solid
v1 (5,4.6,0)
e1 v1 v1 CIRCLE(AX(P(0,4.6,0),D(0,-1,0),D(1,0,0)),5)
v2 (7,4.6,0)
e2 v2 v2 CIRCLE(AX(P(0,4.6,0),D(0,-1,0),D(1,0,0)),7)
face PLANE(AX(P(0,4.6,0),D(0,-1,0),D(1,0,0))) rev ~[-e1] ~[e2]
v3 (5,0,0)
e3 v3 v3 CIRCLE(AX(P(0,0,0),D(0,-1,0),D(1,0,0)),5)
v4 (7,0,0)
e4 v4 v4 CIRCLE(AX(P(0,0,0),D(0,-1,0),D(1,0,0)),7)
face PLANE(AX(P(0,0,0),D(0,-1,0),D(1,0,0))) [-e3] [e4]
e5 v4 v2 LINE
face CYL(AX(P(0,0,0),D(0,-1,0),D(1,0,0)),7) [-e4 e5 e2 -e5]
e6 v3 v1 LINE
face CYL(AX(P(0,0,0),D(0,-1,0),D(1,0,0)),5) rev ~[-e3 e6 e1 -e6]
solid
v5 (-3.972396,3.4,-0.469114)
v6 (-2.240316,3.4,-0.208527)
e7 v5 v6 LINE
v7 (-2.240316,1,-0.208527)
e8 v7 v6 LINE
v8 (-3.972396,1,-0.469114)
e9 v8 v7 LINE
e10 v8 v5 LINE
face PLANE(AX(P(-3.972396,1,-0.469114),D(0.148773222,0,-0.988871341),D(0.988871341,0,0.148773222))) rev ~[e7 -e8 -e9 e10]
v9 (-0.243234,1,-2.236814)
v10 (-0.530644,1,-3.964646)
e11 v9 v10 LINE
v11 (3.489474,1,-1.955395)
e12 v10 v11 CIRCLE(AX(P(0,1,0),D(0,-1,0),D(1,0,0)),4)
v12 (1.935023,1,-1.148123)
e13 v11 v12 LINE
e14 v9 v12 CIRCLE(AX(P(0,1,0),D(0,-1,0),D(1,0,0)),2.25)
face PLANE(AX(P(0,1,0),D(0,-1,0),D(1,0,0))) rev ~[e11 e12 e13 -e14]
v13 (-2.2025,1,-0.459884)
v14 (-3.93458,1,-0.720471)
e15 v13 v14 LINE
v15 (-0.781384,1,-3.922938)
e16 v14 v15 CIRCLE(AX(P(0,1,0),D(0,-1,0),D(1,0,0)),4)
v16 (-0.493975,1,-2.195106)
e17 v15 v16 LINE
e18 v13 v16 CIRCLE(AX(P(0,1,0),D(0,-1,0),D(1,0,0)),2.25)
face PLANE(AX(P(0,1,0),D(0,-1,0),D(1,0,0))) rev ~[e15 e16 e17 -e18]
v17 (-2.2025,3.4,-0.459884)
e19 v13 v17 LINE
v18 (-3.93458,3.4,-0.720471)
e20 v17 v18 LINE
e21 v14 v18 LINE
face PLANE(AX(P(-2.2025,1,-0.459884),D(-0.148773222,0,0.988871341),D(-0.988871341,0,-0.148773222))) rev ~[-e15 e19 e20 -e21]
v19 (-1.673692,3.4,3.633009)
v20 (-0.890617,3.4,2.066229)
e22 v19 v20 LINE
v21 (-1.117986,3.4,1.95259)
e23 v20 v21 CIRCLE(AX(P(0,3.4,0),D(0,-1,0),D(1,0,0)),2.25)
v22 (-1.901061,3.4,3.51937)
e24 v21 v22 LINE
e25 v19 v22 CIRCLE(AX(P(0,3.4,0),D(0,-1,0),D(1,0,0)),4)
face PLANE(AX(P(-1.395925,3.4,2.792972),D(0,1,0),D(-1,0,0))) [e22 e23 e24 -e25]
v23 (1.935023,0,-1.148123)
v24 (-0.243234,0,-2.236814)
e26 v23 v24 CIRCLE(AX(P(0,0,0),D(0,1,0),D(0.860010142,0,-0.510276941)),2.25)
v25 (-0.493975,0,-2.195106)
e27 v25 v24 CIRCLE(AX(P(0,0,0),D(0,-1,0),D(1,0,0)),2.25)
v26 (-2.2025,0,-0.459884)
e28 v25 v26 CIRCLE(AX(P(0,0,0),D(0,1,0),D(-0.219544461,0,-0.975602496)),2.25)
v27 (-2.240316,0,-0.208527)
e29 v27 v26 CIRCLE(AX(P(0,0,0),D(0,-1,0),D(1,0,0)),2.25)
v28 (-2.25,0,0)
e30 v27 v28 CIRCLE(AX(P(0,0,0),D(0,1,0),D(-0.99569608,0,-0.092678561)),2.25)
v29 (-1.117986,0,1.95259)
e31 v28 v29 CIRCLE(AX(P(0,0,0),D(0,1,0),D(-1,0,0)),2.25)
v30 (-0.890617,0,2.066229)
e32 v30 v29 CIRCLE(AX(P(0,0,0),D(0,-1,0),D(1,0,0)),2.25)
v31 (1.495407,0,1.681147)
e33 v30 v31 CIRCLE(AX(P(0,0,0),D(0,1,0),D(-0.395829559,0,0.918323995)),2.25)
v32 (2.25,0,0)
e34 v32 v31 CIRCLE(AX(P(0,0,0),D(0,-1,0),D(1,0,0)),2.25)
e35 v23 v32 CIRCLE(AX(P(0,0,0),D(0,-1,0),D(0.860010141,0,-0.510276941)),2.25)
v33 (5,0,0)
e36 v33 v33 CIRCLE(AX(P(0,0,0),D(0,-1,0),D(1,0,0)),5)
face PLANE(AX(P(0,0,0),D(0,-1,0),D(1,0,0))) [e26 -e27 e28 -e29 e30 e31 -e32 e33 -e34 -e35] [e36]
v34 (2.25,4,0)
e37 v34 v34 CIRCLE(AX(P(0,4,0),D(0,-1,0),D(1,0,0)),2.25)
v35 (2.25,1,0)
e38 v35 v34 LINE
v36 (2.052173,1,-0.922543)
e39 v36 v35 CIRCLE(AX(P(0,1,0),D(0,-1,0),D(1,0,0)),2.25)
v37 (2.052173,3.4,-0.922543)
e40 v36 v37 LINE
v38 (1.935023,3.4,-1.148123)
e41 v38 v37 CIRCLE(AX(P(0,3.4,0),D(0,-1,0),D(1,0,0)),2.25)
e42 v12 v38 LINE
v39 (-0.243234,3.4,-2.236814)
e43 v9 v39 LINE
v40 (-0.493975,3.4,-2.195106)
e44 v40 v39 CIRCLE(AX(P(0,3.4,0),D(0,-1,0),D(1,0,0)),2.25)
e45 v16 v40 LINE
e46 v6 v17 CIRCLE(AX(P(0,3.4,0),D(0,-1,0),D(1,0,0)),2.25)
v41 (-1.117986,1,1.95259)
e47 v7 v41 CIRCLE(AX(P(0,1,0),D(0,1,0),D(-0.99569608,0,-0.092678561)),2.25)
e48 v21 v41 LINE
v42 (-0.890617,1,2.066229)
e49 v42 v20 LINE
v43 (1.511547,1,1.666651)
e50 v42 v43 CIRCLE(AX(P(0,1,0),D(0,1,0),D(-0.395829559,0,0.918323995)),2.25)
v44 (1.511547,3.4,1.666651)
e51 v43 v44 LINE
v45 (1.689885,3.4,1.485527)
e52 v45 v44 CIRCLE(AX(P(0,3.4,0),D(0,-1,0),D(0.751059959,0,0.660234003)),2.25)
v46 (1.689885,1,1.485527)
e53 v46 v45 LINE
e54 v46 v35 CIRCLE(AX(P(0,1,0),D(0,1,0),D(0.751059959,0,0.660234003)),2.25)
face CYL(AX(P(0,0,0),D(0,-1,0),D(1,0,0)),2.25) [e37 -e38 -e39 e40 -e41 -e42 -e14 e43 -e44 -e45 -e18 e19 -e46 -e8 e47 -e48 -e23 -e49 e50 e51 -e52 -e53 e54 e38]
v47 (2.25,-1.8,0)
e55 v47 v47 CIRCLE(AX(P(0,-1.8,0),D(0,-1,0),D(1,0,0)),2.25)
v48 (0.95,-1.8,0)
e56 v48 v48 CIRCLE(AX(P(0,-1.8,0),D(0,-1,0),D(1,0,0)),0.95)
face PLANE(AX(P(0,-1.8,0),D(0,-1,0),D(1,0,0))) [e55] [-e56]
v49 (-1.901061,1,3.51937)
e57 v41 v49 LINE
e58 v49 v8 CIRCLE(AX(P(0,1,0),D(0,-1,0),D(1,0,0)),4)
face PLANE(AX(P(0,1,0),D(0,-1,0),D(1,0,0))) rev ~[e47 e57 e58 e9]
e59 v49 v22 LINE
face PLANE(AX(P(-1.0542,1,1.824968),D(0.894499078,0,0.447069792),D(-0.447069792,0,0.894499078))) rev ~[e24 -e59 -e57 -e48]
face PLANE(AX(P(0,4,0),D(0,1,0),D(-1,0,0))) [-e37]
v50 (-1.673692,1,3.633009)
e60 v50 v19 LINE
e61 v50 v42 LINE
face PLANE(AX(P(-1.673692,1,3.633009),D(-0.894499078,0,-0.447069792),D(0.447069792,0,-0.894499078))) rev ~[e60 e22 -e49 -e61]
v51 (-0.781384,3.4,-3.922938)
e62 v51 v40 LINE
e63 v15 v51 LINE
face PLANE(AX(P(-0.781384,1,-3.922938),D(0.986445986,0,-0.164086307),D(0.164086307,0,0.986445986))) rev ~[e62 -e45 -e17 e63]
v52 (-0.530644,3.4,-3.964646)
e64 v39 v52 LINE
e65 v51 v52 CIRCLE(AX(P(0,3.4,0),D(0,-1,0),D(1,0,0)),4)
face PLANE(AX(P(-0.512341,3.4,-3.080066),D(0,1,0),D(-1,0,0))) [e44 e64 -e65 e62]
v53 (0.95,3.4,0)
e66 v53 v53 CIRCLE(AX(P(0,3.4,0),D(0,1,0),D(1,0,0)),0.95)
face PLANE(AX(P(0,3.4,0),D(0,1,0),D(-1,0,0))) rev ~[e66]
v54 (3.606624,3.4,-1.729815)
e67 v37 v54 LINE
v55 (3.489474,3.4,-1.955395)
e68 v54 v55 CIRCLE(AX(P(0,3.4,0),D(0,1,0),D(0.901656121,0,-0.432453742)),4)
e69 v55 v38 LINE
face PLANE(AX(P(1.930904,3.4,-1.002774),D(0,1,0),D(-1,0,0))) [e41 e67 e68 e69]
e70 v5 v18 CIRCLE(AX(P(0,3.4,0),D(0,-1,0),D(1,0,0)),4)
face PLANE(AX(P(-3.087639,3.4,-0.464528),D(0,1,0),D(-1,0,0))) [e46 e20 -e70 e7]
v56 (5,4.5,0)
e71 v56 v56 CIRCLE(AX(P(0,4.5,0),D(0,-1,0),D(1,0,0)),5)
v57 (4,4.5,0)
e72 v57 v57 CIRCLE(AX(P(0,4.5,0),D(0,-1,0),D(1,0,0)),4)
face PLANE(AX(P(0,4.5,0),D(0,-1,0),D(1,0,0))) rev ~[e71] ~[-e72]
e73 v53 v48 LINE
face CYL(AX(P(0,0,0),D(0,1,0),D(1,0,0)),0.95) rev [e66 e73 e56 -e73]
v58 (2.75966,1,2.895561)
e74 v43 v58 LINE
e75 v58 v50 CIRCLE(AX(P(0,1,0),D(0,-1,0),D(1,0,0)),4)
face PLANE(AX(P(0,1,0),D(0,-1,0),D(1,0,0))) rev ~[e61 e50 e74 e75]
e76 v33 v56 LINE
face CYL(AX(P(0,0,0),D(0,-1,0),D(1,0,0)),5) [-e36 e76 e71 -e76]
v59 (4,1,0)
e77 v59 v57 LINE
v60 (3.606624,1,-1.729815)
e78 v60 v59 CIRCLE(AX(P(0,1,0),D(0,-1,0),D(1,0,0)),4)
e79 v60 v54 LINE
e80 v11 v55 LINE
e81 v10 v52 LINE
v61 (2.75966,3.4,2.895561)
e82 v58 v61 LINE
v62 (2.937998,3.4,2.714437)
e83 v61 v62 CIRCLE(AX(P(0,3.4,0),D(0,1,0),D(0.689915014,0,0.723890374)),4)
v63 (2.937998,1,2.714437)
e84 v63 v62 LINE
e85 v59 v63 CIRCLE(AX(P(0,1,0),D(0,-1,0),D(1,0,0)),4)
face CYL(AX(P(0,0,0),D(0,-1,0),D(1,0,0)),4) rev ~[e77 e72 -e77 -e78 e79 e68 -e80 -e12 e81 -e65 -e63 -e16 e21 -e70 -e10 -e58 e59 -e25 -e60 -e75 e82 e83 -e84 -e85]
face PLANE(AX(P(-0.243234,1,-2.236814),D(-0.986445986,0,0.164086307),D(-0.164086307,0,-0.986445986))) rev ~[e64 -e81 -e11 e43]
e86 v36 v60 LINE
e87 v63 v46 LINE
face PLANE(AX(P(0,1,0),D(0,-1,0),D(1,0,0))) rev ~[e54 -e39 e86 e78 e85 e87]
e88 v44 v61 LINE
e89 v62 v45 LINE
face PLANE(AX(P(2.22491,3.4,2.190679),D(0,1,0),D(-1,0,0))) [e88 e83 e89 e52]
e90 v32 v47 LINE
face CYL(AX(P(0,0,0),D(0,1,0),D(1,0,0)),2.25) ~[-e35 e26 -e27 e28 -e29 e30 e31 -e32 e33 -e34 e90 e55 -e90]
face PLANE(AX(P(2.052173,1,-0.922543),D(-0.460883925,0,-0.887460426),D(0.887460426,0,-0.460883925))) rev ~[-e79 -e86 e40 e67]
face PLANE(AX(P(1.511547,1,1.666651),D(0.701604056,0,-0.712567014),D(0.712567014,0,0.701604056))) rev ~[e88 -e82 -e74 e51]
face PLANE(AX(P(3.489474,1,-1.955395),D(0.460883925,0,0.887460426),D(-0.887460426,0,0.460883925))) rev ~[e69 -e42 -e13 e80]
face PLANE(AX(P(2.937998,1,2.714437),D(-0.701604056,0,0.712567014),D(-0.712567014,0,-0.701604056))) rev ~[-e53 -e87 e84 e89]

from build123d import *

# Parameters (mm, degrees)
F0_R          = 7
F0_R_2        = 5
F1_DEPTH      = 4.6
F0_R_3        = 4
F2_DEPTH      = 4.5
F0_R_4        = 2.25
F3_DEPTH      = 1
F0_R_5        = 0.95
F4_DEPTH      = 4
F4_DEPTH_BACK = 1.8
F6_DEPTH      = 2.4
F5_R          = 0.95
F7_DEPTH      = 1
F8_R          = 0.95
F9_DEPTH      = 0.6


with BuildPart() as f1:
    # F0 (on Front) → F1 (new body)
    with BuildSketch(Plane.XZ):
        Circle(F0_R)
        Circle(F0_R_2, mode=Mode.SUBTRACT)
    extrude(amount=-F1_DEPTH)


with BuildPart() as f2:
    # F0 (on Front) → F2 (new body)
    with BuildSketch(Plane.XZ):
        Circle(F0_R_2)
        Circle(F0_R_3, mode=Mode.SUBTRACT)
    extrude(amount=-F2_DEPTH)

    # F0 (on Front) → F3 (join)
    with BuildSketch(Plane.XZ):
        Circle(F0_R_3)
        Circle(F0_R_4, mode=Mode.SUBTRACT)
    extrude(amount=-F3_DEPTH)

    # F0 (on Front) → F4 (join, two sides)
    with BuildSketch(Plane.XZ) as f4_sk:
        Circle(F0_R_4)
        Circle(F0_R_5, mode=Mode.SUBTRACT)
    extrude(amount=-F4_DEPTH)
    extrude(f4_sk.sketch, amount=F4_DEPTH_BACK)

    # F5 (on face) → F6, piece 2 (join)
    with BuildSketch(Plane(origin=(0, 1, 0), x_dir=(-1, 0, 0), z_dir=(0, 1, 0))):
        with BuildLine():
            ThreePointArc((1.9010607717, 3.51937039), (1.7882791688, 3.5779963128), (1.673691774, 3.6330091998))
            Line((1.673691774, 3.6330091998), (0.8906165084, 2.066228989))
            ThreePointArc((0.8906165084, 2.066228989), (1.0059070324, 2.012622926), (1.1179855061, 1.9525901793))
            Line((1.1179855061, 1.9525901793), (1.9010607717, 3.51937039))
        make_face()
        with BuildLine():
            Line((1.7775915791, 3.840892357), (1.673691774, 3.6330091998))
            ThreePointArc((1.673691774, 3.6330091998), (1.7882791688, 3.5779963128), (1.9010607717, 3.51937039))
            Line((1.9010607717, 3.51937039), (2.0049605768, 3.7272535472))
            Line((2.0049605768, 3.7272535472), (1.7775915791, 3.840892357))
        make_face()
        with BuildLine():
            ThreePointArc((3.9345802285, -0.7204709748), (3.9554853624, -0.59509289), (3.9723962747, -0.4691138844))
            Line((3.9723962747, -0.4691138844), (2.2403161807, -0.2085267619))
            ThreePointArc((2.2403161807, -0.2085267619), (2.2249605164, -0.3347397506), (2.2025001345, -0.4598838523))
            Line((2.2025001345, -0.4598838523), (3.9345802285, -0.7204709748))
        make_face()
        with BuildLine():
            Line((4.2022117115, -0.5036890427), (3.9723962747, -0.4691138844))
            ThreePointArc((3.9723962747, -0.4691138844), (3.9554853624, -0.59509289), (3.9345802285, -0.7204709748))
            Line((3.9345802285, -0.7204709748), (4.1643956653, -0.7550461331))
            Line((4.1643956653, -0.7550461331), (4.2022117115, -0.5036890427))
        make_face()
        with BuildLine():
            ThreePointArc((2.2025001345, -0.4598838523), (2.2249605164, -0.3347397506), (2.2403161807, -0.2085267619))
            Line((2.2403161807, -0.2085267619), (2.0992291659, -0.1873005731))
            Line((2.0992291659, -0.1873005731), (2.0614131197, -0.4386576634))
            Line((2.0614131197, -0.4386576634), (2.2025001345, -0.4598838523))
        make_face()
        with BuildLine():
            ThreePointArc((1.1179855061, 1.9525901793), (1.0059070324, 2.012622926), (0.8906165084, 2.066228989))
            Line((0.8906165084, 2.066228989), (0.8268309179, 1.9386065173))
            Line((0.8268309179, 1.9386065173), (1.0541999156, 1.8249677076))
            Line((1.0541999156, 1.8249677076), (1.1179855061, 1.9525901793))
        make_face()
        with BuildLine():
            Line((0.2432344372, -2.2368140308), (0.5306435409, -3.9646459404))
            ThreePointArc((0.5306435409, -3.9646459404), (0.6563452272, -3.9457839453), (0.7813841406, -3.922937525))
            Line((0.7813841406, -3.922937525), (0.4939750369, -2.1951056154))
            ThreePointArc((0.4939750369, -2.1951056154), (0.3691941903, -2.2195034692), (0.2432344372, -2.2368140308))
        make_face()
        with BuildLine():
            ThreePointArc((0.7813841406, -3.922937525), (0.6563452272, -3.9457839453), (0.5306435409, -3.9646459404))
            Line((0.5306435409, -3.9646459404), (0.5687774869, -4.1938977206))
            Line((0.5687774869, -4.1938977206), (0.8195180866, -4.1521893052))
            Line((0.8195180866, -4.1521893052), (0.7813841406, -3.922937525))
        make_face()
        with BuildLine():
            Line((0.2198234572, -2.096073053), (0.2432344372, -2.2368140308))
            ThreePointArc((0.2432344372, -2.2368140308), (0.3691941903, -2.2195034692), (0.4939750369, -2.1951056154))
            Line((0.4939750369, -2.1951056154), (0.4705640568, -2.0543646376))
            Line((0.4705640568, -2.0543646376), (0.2198234572, -2.096073053))
        make_face()
        with BuildLine():
            Line((-1.5115470928, 1.6666509492), (-2.7596600569, 2.8955614948))
            ThreePointArc((-2.7596600569, 2.8955614948), (-2.8502680547, 2.8064162229), (-2.9379978717, 2.7144370514))
            Line((-2.9379978717, 2.7144370514), (-1.6898849076, 1.4855265057))
            ThreePointArc((-1.6898849076, 1.4855265057), (-1.6032757808, 1.5786091254), (-1.5115470928, 1.6666509492))
        make_face()
        with BuildLine():
            Line((-1.9255547516, -0.8567867262), (-2.052172985, -0.9225432453))
            ThreePointArc((-2.052172985, -0.9225432453), (-1.9967859583, -1.0369888315), (-1.9350228183, -1.1481231173))
            Line((-1.9350228183, -1.1481231173), (-1.8084045849, -1.0823665983))
            Line((-1.8084045849, -1.0823665983), (-1.9255547516, -0.8567867262))
        make_face()
        with BuildLine():
            Line((-2.052172985, -0.9225432453), (-3.6066244843, -1.7298149697))
            ThreePointArc((-3.6066244843, -1.7298149697), (-3.5498417037, -1.8435357005), (-3.4894743176, -1.9553948417))
            Line((-3.4894743176, -1.9553948417), (-1.9350228183, -1.1481231173))
            ThreePointArc((-1.9350228183, -1.1481231173), (-1.9967859583, -1.0369888315), (-2.052172985, -0.9225432453))
        make_face()
    extrude(amount=F6_DEPTH)



with BuildPart() as f6:
    # F5 (on face) → F6 (new body)
    with BuildSketch(Plane(origin=(0, 1, 0), x_dir=(-1, 0, 0), z_dir=(0, 1, 0))):
        Polygon((-1.4098817409, 1.5665497351), (-1.5105959334, 1.6657144235), (-1.6888917169, 1.4845485954), (-1.5882195557, 1.3854252916), align=None)
    extrude(amount=F6_DEPTH)


with BuildPart() as f2_1:
    add(f2.part)

    add(f6.part)  # F7 merges F6
    # F5 (on face) → F7 (join)
    with BuildSketch(Plane(origin=(0, 1, 0), x_dir=(-1, 0, 0), z_dir=(0, 1, 0))):
        with BuildLine():
            Line((-1.4954074808, 1.681147366), (-1.5105959334, 1.6657144235))
            Line((-1.5105959334, 1.6657144235), (-1.4098817409, 1.5665497351))
            Line((-1.4098817409, 1.5665497351), (-1.5882195557, 1.3854252916))
            Line((-1.5882195557, 1.3854252916), (-1.6888917169, 1.4845485954))
            Line((-1.6888917169, 1.4845485954), (-1.7048110393, 1.4683730181))
            ThreePointArc((-1.7048110393, 1.4683730181), (-2.226623539, 0.3234928369), (-2.052172985, -0.9225432453))
            Line((-2.052172985, -0.9225432453), (-1.9255547516, -0.8567867262))
            Line((-1.9255547516, -0.8567867262), (-1.8084045849, -1.0823665983))
            Line((-1.8084045849, -1.0823665983), (-1.9350228183, -1.1481231173))
            ThreePointArc((-1.9350228183, -1.1481231173), (-1.0059070324, -2.012622926), (0.2432344372, -2.2368140308))
            Line((0.2432344372, -2.2368140308), (0.2198234572, -2.096073053))
            Line((0.2198234572, -2.096073053), (0.4705640568, -2.0543646376))
            Line((0.4705640568, -2.0543646376), (0.4939750369, -2.1951056154))
            ThreePointArc((0.4939750369, -2.1951056154), (1.6032757808, -1.5786091254), (2.2025001345, -0.4598838523))
            Line((2.2025001345, -0.4598838523), (2.0614131197, -0.4386576634))
            Line((2.0614131197, -0.4386576634), (2.0992291659, -0.1873005731))
            Line((2.0992291659, -0.1873005731), (2.2403161807, -0.2085267619))
            ThreePointArc((2.2403161807, -0.2085267619), (2.2475777413, -0.1043757477), (2.25, 0))
            ThreePointArc((2.25, 0), (1.9465311953, 1.1285017969), (1.1179855061, 1.9525901793))
            Line((1.1179855061, 1.9525901793), (1.0541999156, 1.8249677076))
            Line((1.0541999156, 1.8249677076), (0.8268309179, 1.9386065173))
            Line((0.8268309179, 1.9386065173), (0.8906165084, 2.066228989))
            ThreePointArc((0.8906165084, 2.066228989), (-0.3584898802, 2.221257528), (-1.4954074808, 1.681147366))
        make_face()
        Circle(F5_R, mode=Mode.SUBTRACT)
    extrude(amount=-F7_DEPTH)

    # F8 (on face) → F9 (join)
    with BuildSketch(Plane(origin=(0, 4, 0), x_dir=(-1, 0, 0), z_dir=(0, 1, 0))):
        Circle(F8_R)
    extrude(amount=-F9_DEPTH)


solid = Compound([f1.part, f2_1.part])
